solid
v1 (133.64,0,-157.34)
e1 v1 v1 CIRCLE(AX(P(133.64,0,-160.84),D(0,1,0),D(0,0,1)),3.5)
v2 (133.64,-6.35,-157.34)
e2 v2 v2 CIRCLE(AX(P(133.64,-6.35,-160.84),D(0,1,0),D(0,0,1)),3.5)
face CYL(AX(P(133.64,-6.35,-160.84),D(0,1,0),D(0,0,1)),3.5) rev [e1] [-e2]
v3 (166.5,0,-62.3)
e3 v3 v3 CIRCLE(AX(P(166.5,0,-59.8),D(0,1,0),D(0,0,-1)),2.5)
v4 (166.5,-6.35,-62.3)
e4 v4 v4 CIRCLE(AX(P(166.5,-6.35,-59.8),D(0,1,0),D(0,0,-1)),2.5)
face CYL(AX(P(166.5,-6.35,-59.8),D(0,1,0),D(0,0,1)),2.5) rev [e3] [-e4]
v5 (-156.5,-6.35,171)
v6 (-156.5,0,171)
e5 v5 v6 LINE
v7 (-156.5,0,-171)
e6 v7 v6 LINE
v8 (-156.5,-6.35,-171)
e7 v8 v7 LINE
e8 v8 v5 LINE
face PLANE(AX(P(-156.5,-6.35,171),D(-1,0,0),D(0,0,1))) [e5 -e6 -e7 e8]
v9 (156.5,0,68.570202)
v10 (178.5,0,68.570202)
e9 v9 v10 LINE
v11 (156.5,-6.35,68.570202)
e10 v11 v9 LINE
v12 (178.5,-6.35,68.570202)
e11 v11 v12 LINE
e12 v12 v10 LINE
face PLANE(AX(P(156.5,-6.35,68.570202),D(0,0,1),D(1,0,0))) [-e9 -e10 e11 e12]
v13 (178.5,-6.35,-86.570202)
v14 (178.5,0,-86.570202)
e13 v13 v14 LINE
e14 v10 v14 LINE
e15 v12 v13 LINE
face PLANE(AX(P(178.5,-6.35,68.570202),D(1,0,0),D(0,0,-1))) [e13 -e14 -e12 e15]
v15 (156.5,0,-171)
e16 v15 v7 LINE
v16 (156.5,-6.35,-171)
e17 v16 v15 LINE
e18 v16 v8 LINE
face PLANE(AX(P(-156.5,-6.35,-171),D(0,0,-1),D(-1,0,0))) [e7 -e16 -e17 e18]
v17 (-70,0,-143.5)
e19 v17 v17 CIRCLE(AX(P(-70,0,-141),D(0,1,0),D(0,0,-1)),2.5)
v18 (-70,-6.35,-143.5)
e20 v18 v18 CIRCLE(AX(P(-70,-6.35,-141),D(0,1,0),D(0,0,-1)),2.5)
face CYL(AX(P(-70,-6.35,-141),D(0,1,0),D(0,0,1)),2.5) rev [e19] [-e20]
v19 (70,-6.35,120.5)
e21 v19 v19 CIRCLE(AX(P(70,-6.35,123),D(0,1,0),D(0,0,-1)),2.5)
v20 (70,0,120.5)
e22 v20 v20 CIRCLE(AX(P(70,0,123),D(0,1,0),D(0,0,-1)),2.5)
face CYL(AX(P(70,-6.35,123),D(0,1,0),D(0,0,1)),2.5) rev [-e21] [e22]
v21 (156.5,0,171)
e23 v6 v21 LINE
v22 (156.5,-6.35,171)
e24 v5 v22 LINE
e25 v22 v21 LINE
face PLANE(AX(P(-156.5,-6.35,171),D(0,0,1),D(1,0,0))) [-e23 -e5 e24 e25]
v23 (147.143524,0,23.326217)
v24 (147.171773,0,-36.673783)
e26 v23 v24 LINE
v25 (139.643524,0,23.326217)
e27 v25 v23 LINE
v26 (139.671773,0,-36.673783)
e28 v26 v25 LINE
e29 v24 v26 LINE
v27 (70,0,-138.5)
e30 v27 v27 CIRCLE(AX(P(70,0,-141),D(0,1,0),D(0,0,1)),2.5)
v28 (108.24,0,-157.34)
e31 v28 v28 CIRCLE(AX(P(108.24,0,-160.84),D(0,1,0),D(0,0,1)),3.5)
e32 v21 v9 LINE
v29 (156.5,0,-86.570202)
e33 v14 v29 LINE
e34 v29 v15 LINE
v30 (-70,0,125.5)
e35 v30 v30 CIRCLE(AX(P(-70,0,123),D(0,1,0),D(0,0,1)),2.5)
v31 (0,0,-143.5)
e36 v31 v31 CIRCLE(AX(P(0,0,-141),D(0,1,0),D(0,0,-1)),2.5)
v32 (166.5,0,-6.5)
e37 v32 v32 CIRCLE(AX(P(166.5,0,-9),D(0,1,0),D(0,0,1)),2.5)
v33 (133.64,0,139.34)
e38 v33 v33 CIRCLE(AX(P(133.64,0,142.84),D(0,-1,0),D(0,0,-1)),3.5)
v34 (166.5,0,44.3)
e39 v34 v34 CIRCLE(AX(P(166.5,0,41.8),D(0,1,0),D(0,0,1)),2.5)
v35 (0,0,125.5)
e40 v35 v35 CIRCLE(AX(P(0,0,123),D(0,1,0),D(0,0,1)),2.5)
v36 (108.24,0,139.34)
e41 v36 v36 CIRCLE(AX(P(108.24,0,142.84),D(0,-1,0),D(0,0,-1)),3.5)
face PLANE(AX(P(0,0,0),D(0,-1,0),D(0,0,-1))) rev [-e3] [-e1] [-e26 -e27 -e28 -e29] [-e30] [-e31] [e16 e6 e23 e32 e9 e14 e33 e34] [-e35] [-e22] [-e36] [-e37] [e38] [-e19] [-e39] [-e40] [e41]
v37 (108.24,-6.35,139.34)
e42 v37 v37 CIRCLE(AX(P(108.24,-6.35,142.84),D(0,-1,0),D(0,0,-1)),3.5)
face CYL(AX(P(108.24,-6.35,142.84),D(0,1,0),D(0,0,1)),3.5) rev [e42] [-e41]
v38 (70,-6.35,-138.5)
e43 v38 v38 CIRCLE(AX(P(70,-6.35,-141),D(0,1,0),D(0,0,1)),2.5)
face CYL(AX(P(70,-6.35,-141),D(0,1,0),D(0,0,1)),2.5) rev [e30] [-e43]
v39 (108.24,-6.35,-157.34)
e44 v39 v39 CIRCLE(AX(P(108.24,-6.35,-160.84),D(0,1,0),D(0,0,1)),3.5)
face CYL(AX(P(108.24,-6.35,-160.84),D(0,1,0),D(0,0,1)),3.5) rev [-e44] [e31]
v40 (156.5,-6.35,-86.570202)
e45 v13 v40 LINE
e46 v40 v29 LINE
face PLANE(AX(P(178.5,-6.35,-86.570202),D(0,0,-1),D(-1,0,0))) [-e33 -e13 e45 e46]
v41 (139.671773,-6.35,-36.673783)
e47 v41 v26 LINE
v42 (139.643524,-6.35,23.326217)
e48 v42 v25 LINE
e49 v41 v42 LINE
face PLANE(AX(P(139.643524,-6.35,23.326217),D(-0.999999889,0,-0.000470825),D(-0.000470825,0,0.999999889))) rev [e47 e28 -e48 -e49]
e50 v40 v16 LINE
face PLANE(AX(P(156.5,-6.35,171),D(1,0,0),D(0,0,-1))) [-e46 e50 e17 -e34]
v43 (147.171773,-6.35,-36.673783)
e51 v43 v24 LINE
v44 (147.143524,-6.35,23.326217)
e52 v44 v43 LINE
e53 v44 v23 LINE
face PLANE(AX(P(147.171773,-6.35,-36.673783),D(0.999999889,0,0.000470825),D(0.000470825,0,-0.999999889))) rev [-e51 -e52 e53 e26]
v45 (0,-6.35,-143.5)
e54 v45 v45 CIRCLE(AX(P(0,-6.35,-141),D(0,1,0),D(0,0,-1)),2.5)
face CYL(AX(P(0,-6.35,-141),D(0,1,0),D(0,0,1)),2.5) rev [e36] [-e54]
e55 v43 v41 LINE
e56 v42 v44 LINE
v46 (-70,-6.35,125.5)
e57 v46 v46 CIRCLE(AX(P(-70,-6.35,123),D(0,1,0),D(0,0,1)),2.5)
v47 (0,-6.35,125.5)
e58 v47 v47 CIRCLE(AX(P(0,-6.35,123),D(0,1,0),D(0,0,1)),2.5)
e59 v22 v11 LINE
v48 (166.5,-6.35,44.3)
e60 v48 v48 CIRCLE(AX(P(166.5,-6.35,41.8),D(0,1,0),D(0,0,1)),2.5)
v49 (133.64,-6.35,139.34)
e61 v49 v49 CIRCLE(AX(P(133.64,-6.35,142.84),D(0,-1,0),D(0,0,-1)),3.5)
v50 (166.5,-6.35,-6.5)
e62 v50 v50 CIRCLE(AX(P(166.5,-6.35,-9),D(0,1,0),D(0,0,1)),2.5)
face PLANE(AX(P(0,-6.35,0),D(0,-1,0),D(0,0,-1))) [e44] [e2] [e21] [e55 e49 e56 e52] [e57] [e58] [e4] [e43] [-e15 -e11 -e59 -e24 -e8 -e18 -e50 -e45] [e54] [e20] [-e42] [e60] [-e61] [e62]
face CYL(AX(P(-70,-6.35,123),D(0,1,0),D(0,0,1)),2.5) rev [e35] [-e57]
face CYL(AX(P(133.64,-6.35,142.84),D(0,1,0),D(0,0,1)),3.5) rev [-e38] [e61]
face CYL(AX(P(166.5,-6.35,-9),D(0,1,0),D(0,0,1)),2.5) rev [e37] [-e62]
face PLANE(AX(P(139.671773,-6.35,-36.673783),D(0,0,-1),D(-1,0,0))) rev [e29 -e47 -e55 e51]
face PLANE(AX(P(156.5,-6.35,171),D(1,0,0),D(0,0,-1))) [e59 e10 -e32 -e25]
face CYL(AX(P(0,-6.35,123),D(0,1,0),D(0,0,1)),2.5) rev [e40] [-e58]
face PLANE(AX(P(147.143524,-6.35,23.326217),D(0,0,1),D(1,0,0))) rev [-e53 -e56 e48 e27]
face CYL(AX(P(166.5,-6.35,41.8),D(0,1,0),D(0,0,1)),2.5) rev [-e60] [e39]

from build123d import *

# Parameters (mm, degrees)
SKETCH1_W           = 313
SKETCH1_H           = 342
BOSS_EXTRUDE1_DEPTH = 6.35
SKETCH3_W           = 22
SKETCH3_H           = 155.14040353
SKETCH3_R           = 2.5
BOSS_EXTRUDE2_DEPTH = 6.35
SKETCH2_R           = 2.5
CUT_EXTRUDE1_DEPTH  = 7.35
SKETCH4_R           = 3.5
CUT_EXTRUDE2_DEPTH  = 7.35
CUT_EXTRUDE3_DEPTH  = 7.35


with BuildPart() as part:
    # Sketch1 → Boss-Extrude1 (new body)
    with BuildSketch(Plane(origin=(0, 0, 0), x_dir=(1, 0, 0), z_dir=(0, 1, 0))):
        Rectangle(SKETCH1_W, SKETCH1_H)
    extrude(amount=-BOSS_EXTRUDE1_DEPTH)

    # Sketch3 → Boss-Extrude2 (add)
    with BuildSketch(Plane(origin=(0, 0, 0), x_dir=(1, 0, 0), z_dir=(0, 1, 0))):
        with Locations((167.5, 9)):
            Rectangle(SKETCH3_W, SKETCH3_H)
        with Locations((166.5, 9)):
            Circle(SKETCH3_R, mode=Mode.SUBTRACT)
        with Locations((166.5, -41.8)):
            Circle(SKETCH3_R, mode=Mode.SUBTRACT)
        with Locations((166.5, 59.8)):
            Circle(SKETCH3_R, mode=Mode.SUBTRACT)
    extrude(amount=-BOSS_EXTRUDE2_DEPTH)

    # Sketch2 → Cut-Extrude1 (cut, through all)
    with BuildSketch(Plane(origin=(0, 0, 0), x_dir=(1, 0, 0), z_dir=(0, 1, 0))):
        with Locations((0, -123)):
            Circle(SKETCH2_R)
        with Locations((-70, -123)):
            Circle(SKETCH2_R)
        with Locations((70, -123)):
            Circle(SKETCH2_R)
        with Locations((-70, 141)):
            Circle(SKETCH2_R)
        with Locations((0, 141)):
            Circle(SKETCH2_R)
        with Locations((70, 141)):
            Circle(SKETCH2_R)
    extrude(amount=-CUT_EXTRUDE1_DEPTH, mode=Mode.SUBTRACT)

    # Sketch4 → Cut-Extrude2 (cut, through all)
    with BuildSketch(Plane(origin=(0, 0, 0), x_dir=(1, 0, 0), z_dir=(0, 1, 0))):
        with Locations((133.64, 160.84)):
            Circle(SKETCH4_R)
        with Locations((108.24, 160.84)):
            Circle(SKETCH4_R)
    cut_extrude2 = extrude(amount=-CUT_EXTRUDE2_DEPTH, mode=Mode.SUBTRACT)

    # Mirror1: Cut-Extrude2 across plane
    add(cut_extrude2.mirror(Plane(origin=(0, 0, -9), x_dir=(1, 0, 0), z_dir=(0, 0, -1))), mode=Mode.SUBTRACT)

    # Sketch5 → Cut-Extrude3 (cut, through all)
    with BuildSketch(Plane(origin=(0, 0, 0), x_dir=(1, 0, 0), z_dir=(0, 1, 0))):
        Polygon((139.671773243, 36.673783491), (147.171773243, 36.673783491), (147.143523721, -23.326216509), (139.643523721, -23.326216509), align=None)
    extrude(amount=-CUT_EXTRUDE3_DEPTH, mode=Mode.SUBTRACT)


solid = part.part
